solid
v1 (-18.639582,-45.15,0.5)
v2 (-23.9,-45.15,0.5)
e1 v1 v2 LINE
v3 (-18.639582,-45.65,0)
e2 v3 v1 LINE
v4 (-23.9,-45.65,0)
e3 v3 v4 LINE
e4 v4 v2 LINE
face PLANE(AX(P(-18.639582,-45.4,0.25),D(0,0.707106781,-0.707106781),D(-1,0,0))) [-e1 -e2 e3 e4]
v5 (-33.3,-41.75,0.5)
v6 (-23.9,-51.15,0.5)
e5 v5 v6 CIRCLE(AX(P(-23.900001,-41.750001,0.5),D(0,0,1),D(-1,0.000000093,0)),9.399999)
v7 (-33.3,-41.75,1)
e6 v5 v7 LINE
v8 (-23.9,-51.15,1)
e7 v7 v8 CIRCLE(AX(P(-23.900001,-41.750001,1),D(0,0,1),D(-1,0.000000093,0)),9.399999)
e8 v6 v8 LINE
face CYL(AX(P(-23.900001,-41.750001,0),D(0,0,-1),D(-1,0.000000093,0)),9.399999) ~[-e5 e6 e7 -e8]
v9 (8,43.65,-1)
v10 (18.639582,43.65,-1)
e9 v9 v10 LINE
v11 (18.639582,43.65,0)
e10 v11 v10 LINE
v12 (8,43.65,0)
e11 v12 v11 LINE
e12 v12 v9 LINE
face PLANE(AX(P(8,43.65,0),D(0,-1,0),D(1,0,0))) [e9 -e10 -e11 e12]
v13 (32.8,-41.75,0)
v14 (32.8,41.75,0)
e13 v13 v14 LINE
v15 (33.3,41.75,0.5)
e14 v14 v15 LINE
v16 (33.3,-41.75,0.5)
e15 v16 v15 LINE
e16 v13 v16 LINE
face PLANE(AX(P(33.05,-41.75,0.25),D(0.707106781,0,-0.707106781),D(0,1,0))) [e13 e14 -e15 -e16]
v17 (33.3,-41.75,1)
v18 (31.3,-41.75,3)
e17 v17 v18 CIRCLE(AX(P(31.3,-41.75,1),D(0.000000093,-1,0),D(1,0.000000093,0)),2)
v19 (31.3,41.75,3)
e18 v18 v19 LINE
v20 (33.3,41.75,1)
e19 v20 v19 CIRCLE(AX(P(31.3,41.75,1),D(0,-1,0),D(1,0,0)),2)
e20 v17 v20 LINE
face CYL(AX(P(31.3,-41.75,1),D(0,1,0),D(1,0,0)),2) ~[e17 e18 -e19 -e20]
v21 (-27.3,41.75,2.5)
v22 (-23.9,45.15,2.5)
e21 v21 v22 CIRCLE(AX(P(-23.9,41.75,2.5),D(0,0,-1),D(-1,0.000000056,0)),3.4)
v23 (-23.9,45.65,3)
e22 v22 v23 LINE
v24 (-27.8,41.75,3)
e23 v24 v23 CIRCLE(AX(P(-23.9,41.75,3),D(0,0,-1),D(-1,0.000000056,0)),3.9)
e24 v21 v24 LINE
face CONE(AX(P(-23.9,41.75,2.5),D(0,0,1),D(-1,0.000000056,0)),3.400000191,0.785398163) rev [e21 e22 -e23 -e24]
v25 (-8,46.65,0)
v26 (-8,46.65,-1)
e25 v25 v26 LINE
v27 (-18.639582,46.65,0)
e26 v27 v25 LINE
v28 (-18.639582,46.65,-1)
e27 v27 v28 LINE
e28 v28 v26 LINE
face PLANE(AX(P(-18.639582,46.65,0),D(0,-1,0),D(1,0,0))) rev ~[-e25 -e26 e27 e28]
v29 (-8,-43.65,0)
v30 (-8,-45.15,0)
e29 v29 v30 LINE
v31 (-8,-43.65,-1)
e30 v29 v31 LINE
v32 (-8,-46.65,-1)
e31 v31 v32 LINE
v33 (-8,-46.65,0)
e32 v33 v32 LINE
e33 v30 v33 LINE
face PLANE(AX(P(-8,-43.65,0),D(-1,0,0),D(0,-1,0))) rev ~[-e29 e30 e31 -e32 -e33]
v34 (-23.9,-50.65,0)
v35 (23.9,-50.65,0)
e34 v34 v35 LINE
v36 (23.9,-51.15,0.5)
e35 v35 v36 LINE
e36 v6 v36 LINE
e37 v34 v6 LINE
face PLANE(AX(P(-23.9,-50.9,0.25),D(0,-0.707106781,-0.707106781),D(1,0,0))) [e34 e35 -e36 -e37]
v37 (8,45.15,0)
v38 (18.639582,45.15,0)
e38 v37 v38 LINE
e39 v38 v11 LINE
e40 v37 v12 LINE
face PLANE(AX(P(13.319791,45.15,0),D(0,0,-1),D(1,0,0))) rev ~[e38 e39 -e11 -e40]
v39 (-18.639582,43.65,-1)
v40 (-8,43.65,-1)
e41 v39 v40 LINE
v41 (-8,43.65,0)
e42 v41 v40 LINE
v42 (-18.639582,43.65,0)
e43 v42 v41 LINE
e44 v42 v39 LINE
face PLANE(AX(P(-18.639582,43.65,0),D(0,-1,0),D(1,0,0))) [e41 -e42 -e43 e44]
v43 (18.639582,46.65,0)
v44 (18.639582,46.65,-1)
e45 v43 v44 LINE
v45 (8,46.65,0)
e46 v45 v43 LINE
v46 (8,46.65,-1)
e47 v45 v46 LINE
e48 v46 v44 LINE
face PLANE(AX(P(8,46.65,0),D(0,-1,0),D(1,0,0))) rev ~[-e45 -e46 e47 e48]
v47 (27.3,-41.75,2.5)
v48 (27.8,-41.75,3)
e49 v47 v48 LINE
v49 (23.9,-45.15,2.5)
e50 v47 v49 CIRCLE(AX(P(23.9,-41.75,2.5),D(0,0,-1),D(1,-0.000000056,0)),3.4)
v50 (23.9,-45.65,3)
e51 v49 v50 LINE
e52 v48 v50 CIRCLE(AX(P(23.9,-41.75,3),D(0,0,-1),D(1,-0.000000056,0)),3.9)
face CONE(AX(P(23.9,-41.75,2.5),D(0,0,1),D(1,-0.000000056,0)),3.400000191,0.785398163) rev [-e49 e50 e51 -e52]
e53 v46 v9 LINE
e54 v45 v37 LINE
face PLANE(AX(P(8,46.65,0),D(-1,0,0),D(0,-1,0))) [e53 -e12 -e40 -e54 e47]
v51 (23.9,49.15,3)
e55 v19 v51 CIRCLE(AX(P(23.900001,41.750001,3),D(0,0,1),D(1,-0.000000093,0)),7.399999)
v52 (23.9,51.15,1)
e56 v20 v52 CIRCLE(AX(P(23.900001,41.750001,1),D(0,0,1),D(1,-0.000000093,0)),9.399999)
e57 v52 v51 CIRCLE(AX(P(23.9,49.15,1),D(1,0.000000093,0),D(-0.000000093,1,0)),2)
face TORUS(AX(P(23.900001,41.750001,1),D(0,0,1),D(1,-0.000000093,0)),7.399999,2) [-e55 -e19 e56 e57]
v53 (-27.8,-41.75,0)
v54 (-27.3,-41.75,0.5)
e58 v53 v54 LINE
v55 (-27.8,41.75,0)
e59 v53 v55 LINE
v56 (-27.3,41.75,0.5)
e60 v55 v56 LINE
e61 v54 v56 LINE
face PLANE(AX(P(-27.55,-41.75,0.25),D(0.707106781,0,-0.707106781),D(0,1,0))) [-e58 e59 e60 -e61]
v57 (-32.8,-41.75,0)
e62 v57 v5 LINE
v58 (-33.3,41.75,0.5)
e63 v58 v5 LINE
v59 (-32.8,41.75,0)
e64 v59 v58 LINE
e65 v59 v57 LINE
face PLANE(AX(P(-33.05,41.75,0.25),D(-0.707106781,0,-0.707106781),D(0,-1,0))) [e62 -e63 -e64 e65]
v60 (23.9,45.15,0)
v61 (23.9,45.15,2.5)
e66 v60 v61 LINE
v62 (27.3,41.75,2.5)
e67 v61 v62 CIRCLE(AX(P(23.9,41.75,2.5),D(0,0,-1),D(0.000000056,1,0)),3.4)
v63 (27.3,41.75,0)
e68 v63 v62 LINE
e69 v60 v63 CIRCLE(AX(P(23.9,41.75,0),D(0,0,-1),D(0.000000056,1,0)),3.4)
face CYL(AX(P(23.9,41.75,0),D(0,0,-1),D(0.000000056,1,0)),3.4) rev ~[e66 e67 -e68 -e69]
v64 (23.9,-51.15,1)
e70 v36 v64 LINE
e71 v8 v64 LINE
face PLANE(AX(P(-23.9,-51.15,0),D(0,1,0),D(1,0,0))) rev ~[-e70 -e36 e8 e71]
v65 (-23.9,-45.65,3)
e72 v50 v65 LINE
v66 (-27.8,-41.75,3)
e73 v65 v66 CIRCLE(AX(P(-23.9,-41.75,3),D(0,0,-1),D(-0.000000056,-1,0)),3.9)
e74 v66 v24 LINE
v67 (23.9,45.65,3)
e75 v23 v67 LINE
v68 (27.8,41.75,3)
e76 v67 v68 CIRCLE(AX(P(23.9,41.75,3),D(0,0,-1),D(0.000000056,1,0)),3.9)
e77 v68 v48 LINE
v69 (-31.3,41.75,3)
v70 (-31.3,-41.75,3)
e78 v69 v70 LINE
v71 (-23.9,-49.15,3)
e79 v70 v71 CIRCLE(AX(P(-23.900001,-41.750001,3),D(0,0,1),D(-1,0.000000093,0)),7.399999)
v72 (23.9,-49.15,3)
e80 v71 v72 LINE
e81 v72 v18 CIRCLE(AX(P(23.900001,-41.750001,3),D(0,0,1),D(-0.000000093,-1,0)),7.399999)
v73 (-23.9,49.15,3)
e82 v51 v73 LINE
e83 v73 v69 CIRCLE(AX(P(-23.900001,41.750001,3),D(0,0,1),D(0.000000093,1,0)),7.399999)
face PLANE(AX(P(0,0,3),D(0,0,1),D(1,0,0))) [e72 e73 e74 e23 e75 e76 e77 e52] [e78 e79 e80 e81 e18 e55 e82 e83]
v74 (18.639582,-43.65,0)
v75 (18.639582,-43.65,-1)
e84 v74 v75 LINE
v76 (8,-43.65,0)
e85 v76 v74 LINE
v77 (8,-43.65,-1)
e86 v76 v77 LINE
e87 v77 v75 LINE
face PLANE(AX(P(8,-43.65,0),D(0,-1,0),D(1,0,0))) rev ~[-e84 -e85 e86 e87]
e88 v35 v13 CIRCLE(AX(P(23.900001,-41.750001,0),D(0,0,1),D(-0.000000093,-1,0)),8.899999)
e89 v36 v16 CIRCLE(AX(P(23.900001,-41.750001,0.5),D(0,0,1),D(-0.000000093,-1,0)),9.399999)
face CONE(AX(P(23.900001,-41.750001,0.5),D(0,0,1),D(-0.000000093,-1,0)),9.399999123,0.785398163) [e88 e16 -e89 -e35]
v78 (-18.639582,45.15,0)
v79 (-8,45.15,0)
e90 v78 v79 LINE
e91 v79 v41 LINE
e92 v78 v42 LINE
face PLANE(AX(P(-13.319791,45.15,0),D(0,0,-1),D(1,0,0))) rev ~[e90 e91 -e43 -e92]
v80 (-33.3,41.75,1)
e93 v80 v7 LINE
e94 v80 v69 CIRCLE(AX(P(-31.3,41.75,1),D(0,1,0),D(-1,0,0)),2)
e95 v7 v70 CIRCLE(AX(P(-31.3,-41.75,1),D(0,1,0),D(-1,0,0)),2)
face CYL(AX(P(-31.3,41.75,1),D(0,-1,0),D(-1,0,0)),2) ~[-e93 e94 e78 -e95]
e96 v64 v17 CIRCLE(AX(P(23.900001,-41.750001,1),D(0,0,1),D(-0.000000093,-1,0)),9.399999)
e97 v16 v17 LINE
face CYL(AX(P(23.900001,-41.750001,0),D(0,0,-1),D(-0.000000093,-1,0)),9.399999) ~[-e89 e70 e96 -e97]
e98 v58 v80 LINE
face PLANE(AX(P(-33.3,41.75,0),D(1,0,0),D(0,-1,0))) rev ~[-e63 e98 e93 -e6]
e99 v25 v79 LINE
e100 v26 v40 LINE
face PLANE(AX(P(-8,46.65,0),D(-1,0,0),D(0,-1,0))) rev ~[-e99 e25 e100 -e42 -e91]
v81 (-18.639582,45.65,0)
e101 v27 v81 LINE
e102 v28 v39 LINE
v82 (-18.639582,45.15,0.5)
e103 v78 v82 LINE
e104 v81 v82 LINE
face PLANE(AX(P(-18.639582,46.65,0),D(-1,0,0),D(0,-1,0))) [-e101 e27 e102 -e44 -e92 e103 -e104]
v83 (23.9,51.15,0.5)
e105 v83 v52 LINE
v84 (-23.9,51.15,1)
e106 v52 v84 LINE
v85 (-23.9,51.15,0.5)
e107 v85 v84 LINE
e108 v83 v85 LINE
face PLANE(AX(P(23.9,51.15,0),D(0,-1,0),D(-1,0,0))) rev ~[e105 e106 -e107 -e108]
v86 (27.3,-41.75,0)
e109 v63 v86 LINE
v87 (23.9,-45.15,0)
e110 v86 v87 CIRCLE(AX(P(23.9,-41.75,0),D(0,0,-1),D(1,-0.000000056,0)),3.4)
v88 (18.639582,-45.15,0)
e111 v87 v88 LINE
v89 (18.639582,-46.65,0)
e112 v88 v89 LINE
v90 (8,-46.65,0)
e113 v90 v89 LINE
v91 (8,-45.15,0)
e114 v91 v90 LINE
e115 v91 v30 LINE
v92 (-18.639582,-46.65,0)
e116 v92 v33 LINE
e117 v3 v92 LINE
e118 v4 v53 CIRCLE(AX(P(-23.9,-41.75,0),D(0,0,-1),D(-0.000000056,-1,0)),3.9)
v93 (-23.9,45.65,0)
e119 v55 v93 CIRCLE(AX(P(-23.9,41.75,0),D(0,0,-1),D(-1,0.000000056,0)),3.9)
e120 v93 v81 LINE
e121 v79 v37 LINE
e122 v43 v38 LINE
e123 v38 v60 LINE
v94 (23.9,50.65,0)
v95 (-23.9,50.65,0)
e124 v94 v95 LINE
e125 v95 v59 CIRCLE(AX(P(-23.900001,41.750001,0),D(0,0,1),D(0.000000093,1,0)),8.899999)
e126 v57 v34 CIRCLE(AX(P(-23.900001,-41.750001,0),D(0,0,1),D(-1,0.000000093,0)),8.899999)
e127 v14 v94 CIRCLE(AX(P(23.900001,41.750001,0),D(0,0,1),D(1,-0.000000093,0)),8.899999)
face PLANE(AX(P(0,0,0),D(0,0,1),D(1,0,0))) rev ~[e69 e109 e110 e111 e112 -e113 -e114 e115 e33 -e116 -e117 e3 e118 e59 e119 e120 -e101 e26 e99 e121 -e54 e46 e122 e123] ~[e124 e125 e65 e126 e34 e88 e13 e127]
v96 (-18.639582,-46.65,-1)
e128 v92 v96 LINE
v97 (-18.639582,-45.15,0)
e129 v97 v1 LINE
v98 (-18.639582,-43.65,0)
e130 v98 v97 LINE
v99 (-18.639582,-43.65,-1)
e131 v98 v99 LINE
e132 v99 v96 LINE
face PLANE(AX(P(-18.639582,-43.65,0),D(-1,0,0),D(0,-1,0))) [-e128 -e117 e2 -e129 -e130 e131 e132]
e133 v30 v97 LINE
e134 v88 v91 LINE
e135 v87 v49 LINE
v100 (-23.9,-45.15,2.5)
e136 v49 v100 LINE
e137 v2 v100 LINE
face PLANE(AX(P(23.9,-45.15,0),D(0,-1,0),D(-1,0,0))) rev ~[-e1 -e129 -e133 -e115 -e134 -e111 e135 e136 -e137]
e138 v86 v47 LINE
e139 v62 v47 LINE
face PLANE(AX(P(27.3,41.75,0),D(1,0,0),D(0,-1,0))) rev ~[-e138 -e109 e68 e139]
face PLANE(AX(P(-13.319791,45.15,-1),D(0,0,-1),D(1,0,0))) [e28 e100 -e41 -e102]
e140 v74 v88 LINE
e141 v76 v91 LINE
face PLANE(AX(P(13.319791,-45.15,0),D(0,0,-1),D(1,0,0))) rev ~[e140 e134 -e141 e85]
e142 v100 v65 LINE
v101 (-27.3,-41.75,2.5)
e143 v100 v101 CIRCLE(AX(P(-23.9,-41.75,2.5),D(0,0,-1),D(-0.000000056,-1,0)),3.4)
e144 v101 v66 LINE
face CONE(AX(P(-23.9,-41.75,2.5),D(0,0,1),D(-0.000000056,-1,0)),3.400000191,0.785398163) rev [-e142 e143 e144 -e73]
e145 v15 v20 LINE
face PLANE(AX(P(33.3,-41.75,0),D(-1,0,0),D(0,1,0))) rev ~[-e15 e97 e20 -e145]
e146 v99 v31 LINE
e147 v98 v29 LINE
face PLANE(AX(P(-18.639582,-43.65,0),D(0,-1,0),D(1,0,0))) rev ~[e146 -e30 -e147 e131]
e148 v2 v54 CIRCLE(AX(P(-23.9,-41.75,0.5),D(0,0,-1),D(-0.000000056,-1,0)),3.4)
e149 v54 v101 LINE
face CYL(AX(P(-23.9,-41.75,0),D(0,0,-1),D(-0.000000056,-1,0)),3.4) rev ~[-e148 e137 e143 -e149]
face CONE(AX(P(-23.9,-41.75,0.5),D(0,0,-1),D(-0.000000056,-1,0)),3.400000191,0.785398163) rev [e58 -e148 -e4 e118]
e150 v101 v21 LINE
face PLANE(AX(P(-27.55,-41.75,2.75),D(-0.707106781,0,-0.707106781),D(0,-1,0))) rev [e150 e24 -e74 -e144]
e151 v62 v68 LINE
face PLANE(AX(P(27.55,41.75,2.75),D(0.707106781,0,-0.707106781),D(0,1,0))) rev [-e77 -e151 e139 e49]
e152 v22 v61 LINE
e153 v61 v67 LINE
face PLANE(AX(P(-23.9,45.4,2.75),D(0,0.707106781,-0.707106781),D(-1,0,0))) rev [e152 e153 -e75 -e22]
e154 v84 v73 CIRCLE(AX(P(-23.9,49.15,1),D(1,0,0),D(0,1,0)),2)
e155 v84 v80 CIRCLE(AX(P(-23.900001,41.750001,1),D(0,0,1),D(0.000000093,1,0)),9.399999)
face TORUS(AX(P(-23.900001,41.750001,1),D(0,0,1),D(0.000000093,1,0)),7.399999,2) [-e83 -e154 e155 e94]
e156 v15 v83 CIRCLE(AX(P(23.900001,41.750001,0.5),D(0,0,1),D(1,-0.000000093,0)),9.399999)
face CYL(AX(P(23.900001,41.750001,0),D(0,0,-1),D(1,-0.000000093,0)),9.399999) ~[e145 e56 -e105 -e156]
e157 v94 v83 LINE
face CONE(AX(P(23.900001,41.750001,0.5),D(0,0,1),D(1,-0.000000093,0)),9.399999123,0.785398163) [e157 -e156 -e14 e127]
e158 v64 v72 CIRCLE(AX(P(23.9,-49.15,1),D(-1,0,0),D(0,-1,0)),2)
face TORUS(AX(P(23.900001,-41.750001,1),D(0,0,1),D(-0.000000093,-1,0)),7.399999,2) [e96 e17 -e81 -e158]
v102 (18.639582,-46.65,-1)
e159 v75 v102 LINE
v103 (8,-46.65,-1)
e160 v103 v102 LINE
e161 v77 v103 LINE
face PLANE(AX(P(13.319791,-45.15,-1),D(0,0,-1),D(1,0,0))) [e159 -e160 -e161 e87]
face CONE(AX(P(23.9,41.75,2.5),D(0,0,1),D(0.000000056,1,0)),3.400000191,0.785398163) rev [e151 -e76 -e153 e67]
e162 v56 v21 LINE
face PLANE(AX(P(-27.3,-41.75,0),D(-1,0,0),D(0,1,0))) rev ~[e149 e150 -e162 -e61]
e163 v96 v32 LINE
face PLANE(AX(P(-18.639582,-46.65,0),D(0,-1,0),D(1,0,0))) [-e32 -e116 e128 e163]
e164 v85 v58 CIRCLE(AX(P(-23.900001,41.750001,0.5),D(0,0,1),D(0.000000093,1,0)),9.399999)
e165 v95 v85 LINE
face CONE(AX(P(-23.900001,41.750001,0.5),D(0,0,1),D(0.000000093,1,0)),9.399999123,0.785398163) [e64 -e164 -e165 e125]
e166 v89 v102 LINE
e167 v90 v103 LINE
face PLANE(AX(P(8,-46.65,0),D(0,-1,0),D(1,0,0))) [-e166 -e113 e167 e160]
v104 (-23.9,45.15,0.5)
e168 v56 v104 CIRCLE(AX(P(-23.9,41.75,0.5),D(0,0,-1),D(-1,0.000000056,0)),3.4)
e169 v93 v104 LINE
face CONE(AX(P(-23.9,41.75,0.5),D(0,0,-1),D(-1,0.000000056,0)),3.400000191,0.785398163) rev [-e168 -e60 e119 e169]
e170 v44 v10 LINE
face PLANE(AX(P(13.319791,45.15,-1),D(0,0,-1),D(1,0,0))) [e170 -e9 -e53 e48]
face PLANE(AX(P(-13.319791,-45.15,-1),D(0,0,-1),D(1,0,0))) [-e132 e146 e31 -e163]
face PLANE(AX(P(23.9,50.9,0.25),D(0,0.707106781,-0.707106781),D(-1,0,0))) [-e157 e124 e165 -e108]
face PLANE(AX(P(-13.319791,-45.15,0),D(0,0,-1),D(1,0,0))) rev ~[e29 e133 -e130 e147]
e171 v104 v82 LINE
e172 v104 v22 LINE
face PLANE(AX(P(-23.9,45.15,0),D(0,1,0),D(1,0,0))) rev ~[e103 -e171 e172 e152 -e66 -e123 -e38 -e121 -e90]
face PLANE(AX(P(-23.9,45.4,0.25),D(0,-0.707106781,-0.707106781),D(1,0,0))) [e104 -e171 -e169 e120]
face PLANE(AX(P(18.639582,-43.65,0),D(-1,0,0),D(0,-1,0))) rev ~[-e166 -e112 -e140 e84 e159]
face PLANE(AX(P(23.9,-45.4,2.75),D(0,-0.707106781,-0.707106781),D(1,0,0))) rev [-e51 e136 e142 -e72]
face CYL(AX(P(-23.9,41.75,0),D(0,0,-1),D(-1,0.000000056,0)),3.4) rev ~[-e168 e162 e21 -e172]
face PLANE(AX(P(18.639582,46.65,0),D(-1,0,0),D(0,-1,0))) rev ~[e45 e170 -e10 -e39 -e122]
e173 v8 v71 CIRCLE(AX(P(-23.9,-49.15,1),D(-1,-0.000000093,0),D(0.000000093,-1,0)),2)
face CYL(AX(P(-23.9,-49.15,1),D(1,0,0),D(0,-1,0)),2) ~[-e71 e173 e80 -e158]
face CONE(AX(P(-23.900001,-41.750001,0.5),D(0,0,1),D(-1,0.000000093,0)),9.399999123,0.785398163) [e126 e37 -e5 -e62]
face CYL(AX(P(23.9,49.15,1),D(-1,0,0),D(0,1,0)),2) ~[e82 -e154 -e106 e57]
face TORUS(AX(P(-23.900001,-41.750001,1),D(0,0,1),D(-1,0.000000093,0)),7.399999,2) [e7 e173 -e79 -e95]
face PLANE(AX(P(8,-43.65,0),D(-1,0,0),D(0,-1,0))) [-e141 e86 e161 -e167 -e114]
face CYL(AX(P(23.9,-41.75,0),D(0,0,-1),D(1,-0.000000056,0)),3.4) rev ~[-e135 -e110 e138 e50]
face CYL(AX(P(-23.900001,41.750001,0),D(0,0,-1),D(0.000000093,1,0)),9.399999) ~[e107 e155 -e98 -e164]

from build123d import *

# Parameters (mm, degrees)
F1_DEPTH = 3
F2_R     = 2
F3_W     = 10.639583
F3_H     = 3
F4_DEPTH = 1
F5_SIZE  = 0.5


with BuildPart() as f1:
    # F0 (on Top) → F1 (new body)
    with BuildSketch(Plane.XY):
        with BuildLine():
            Line((-33.3, 41.75), (-33.3, -41.75))
            ThreePointArc((-33.3, -41.75), (-30.546804, -48.396804), (-23.9, -51.15))
            Line((-23.9, -51.15), (23.9, -51.15))
            ThreePointArc((23.9, -51.15), (30.546804, -48.396804), (33.3, -41.75))
            Line((33.3, -41.75), (33.3, 41.75))
            ThreePointArc((33.3, 41.75), (30.546804, 48.396804), (23.9, 51.15))
            Line((23.9, 51.15), (-23.9, 51.15))
            ThreePointArc((-23.9, 51.15), (-30.546804, 48.396804), (-33.3, 41.75))
        make_face()
        with BuildLine():
            ThreePointArc((27.3, -41.75), (26.304163, -44.154163), (23.9, -45.15))
            Line((23.9, -45.15), (-23.9, -45.15))
            ThreePointArc((-23.9, -45.15), (-26.304163, -44.154163), (-27.3, -41.75))
            Line((-27.3, -41.75), (-27.3, 41.75))
            ThreePointArc((-27.3, 41.75), (-26.304163, 44.154163), (-23.9, 45.15))
            Line((-23.9, 45.15), (23.9, 45.15))
            ThreePointArc((23.9, 45.15), (26.304163, 44.154163), (27.3, 41.75))
            Line((27.3, 41.75), (27.3, -41.75))
        make_face(mode=Mode.SUBTRACT)
    extrude(amount=F1_DEPTH)

    # F2
    f2_edges = [f1.edges().sort_by_distance(p)[0] for p in [
        (-33.3, 0, 3),
    ]]
    fillet(f2_edges, radius=F2_R)

    # F3 (on face) → F4 (join)
    with BuildSketch(Plane(origin=(0, 0, 0), x_dir=(1, 0, 0), z_dir=(0, 0, -1))):
        with Locations((-13.319791, -45.15)):
            Rectangle(F3_W, F3_H)
        with Locations((13.319791, -45.15)):
            Rectangle(F3_W, F3_H)
        with Locations((-13.319791, 45.15)):
            Rectangle(F3_W, F3_H)
        with Locations((13.319791, 45.15)):
            Rectangle(F3_W, F3_H)
    extrude(amount=F4_DEPTH)

    # F5
    f5_edges = [f1.edges().sort_by_distance(p)[0] for p in [
        (0, 45.15, 3),
        (-27.3, 0, 0),
        (-33.3, 0, 0),
    ]]
    chamfer(f5_edges, length=F5_SIZE)


solid = f1.part
